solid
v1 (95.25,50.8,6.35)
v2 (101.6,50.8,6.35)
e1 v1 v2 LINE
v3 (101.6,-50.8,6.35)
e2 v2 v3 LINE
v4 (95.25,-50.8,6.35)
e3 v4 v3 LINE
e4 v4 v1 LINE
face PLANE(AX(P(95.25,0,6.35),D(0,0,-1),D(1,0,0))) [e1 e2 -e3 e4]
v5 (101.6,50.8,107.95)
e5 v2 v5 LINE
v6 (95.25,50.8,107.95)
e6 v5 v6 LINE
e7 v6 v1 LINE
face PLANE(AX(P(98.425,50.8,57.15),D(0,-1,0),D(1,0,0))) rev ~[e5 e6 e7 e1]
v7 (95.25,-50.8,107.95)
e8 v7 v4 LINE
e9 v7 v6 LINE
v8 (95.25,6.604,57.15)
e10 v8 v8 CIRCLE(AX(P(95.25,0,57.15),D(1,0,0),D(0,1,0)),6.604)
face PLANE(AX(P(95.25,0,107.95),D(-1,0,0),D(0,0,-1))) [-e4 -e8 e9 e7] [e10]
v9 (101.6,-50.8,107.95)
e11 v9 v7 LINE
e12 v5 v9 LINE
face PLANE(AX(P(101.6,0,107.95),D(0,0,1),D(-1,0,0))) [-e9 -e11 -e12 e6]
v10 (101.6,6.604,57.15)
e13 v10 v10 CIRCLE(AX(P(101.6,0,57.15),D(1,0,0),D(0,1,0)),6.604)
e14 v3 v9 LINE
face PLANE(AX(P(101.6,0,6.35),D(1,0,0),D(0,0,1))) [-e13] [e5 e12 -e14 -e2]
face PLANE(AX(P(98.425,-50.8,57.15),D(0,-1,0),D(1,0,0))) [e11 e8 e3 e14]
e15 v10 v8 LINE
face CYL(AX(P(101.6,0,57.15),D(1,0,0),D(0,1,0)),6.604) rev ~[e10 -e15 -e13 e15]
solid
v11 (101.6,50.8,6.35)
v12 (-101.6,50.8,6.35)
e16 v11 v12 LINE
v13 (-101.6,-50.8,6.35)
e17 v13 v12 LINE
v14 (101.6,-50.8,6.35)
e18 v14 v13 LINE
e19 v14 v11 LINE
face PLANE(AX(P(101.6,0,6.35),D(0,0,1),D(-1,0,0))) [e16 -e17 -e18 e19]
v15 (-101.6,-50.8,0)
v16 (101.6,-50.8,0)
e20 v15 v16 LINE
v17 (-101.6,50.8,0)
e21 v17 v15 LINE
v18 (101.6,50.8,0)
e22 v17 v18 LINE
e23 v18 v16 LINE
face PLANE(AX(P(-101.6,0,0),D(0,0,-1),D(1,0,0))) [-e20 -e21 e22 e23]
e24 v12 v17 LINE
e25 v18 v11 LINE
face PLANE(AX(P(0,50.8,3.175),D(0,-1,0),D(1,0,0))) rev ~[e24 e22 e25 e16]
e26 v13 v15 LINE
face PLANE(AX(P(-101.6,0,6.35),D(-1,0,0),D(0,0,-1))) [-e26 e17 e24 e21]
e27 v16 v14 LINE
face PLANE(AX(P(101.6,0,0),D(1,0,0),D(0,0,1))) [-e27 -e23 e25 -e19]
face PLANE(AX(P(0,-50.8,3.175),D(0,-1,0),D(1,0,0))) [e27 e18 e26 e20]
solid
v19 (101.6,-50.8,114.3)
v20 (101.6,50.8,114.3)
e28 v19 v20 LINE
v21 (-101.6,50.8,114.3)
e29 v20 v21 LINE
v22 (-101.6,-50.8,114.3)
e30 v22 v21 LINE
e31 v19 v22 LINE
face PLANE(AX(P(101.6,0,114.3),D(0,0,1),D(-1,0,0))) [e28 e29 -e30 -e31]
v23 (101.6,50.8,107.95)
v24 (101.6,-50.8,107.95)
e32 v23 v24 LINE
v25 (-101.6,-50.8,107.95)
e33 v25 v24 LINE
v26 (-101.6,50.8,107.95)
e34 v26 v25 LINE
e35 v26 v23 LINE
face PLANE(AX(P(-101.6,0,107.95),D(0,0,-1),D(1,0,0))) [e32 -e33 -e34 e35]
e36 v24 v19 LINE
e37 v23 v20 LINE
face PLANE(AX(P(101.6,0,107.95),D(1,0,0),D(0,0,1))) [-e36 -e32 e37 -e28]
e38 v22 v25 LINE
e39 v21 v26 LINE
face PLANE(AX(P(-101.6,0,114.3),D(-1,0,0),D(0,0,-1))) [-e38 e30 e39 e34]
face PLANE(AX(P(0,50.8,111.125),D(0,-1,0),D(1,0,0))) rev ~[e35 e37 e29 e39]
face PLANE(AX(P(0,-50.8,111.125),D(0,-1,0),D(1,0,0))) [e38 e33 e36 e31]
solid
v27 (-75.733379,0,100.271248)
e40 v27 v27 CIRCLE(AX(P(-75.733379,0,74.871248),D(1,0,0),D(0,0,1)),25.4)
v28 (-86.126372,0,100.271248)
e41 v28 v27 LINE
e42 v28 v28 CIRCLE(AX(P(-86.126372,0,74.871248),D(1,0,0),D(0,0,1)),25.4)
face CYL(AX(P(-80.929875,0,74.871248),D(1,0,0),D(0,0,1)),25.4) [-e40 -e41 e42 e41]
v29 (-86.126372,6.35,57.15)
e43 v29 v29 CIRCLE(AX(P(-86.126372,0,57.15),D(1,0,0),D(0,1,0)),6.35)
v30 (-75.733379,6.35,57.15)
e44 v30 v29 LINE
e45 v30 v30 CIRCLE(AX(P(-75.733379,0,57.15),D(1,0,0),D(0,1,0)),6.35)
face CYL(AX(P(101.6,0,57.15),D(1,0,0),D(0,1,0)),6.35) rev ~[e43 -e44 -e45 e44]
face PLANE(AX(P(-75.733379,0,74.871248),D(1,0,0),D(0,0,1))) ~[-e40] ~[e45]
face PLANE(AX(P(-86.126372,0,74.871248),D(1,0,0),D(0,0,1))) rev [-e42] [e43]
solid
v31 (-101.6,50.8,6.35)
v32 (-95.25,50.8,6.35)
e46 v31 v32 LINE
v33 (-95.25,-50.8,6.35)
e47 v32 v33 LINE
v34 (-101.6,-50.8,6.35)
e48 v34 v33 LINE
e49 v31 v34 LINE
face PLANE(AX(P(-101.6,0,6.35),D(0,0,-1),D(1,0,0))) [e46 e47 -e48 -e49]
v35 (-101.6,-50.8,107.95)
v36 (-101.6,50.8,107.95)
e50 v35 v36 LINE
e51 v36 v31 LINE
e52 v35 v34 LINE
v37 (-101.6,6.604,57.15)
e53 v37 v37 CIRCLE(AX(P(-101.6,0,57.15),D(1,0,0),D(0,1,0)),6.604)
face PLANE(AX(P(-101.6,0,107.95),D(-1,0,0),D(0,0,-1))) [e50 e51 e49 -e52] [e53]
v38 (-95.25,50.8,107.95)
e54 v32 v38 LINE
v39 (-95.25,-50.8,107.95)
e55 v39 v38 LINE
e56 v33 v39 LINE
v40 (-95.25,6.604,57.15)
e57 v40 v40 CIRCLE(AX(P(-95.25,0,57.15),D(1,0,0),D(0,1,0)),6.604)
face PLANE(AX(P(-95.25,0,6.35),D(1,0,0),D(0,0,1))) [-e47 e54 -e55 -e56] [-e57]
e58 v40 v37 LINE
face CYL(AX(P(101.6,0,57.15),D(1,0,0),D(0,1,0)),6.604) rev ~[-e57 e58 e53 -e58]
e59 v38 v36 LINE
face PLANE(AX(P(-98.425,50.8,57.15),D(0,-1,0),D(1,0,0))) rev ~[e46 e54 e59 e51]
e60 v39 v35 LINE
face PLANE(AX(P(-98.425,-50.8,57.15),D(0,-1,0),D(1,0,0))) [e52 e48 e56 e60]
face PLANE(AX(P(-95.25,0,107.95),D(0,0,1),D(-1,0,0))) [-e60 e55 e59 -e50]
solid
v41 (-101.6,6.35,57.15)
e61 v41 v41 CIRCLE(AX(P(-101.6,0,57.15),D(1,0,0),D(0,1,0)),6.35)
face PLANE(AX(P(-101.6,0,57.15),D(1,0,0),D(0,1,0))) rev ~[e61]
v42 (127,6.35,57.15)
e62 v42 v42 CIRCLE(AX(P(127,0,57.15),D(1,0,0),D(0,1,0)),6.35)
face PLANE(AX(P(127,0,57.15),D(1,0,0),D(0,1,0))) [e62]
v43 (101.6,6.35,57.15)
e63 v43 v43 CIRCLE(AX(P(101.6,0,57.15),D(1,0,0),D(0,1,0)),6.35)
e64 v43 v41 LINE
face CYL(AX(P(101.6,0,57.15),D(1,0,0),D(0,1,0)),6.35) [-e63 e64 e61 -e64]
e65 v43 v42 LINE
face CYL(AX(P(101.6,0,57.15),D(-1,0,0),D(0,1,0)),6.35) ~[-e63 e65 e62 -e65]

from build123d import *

# Parameters (mm, degrees)
F1_DEPTH      = 50.8
F2_DEPTH      = 50.8
F2_DEPTH_BACK = 50.8
F0_W          = 10.3929936886
F0_H          = 25.4
F4_R          = 6.604
F4_R_2        = 6.35
F5_DEPTH      = 203.201
F6_DEPTH      = 203.2
F6_DEPTH_BACK = 25.4


with BuildPart() as f1:
    # F0 (on Front) → F1 (new body, symmetric)
    with BuildSketch(Plane.XZ):
        Polygon((-101.6, 114.3), (-101.6, 107.95), (-95.25, 107.95), (95.25, 107.95), (101.6, 107.95), (101.6, 114.3), align=None)
    extrude(amount=F1_DEPTH, both=True)


with BuildPart() as f1b:
    # F0 (on Front) → F1, piece 2 (new body, symmetric)
    with BuildSketch(Plane.XZ):
        Polygon((-101.6, 6.35), (-101.6, 0), (101.6, 0), (101.6, 6.35), (95.25, 6.35), (-95.25, 6.35), align=None)
    extrude(amount=F1_DEPTH, both=True)


with BuildPart() as f2:
    # F0 (on Front) → F2 (new body, two sides)
    with BuildSketch(Plane.XZ) as f2_sk:
        Polygon((-101.6, 107.95), (-101.6, 6.35), (-95.25, 6.35), (-95.25, 57.15), (-95.25, 107.95), align=None)
    extrude(amount=F2_DEPTH)
    extrude(f2_sk.sketch, amount=-F2_DEPTH_BACK)


with BuildPart() as f2b:
    # F0 (on Front) → F2, piece 2 (new body, two sides)
    with BuildSketch(Plane.XZ) as f2_2_sk:
        Polygon((95.25, 6.35), (101.6, 6.35), (101.6, 107.95), (95.25, 107.95), (95.25, 57.15), align=None)
    extrude(amount=F2_DEPTH)
    extrude(f2_2_sk.sketch, amount=-F2_DEPTH_BACK)


with BuildPart() as f3:
    # F0 (on Front) → F3 (revolve)
    with BuildSketch(Plane.XZ):
        with Locations((-80.9298753738, 87.5712479413)):
            Rectangle(F0_W, F0_H)
    revolve(axis=Axis((-80.9298753738, 0, 74.8712479413), (1, 0, 0)))


with BuildPart() as f5_tool:
    # F4 (on face) → F5 (new body, through all)
    with BuildSketch(Plane.YZ.offset(101.6)):
        with Locations((0, 57.15)):
            Circle(F4_R)
        with Locations((0, 57.15)):
            Circle(F4_R_2, mode=Mode.SUBTRACT)
        with Locations((0, 57.15)):
            Circle(F4_R_2)
    extrude(amount=-F5_DEPTH)


with BuildPart() as f2_1:
    add(f2.part)

    # F5: cut by f5_tool
    add(f5_tool.part, mode=Mode.SUBTRACT)


with BuildPart() as f2b_1:
    add(f2b.part)

    # F5: cut by f5_tool
    add(f5_tool.part, mode=Mode.SUBTRACT)


with BuildPart() as f6:
    # F4 (on face) → F6 (new body, two sides)
    with BuildSketch(Plane.YZ.offset(101.6)) as f6_sk:
        with Locations((0, 57.15)):
            Circle(F4_R_2)
    extrude(amount=-F6_DEPTH)
    extrude(f6_sk.sketch, amount=F6_DEPTH_BACK)


with BuildPart() as f3_1:
    add(f3.part)

    # F7: cut F6
    add(f6.part, mode=Mode.SUBTRACT)


solid = Compound([f1.part, f1b.part, f2_1.part, f2b_1.part, f6.part, f3_1.part])
